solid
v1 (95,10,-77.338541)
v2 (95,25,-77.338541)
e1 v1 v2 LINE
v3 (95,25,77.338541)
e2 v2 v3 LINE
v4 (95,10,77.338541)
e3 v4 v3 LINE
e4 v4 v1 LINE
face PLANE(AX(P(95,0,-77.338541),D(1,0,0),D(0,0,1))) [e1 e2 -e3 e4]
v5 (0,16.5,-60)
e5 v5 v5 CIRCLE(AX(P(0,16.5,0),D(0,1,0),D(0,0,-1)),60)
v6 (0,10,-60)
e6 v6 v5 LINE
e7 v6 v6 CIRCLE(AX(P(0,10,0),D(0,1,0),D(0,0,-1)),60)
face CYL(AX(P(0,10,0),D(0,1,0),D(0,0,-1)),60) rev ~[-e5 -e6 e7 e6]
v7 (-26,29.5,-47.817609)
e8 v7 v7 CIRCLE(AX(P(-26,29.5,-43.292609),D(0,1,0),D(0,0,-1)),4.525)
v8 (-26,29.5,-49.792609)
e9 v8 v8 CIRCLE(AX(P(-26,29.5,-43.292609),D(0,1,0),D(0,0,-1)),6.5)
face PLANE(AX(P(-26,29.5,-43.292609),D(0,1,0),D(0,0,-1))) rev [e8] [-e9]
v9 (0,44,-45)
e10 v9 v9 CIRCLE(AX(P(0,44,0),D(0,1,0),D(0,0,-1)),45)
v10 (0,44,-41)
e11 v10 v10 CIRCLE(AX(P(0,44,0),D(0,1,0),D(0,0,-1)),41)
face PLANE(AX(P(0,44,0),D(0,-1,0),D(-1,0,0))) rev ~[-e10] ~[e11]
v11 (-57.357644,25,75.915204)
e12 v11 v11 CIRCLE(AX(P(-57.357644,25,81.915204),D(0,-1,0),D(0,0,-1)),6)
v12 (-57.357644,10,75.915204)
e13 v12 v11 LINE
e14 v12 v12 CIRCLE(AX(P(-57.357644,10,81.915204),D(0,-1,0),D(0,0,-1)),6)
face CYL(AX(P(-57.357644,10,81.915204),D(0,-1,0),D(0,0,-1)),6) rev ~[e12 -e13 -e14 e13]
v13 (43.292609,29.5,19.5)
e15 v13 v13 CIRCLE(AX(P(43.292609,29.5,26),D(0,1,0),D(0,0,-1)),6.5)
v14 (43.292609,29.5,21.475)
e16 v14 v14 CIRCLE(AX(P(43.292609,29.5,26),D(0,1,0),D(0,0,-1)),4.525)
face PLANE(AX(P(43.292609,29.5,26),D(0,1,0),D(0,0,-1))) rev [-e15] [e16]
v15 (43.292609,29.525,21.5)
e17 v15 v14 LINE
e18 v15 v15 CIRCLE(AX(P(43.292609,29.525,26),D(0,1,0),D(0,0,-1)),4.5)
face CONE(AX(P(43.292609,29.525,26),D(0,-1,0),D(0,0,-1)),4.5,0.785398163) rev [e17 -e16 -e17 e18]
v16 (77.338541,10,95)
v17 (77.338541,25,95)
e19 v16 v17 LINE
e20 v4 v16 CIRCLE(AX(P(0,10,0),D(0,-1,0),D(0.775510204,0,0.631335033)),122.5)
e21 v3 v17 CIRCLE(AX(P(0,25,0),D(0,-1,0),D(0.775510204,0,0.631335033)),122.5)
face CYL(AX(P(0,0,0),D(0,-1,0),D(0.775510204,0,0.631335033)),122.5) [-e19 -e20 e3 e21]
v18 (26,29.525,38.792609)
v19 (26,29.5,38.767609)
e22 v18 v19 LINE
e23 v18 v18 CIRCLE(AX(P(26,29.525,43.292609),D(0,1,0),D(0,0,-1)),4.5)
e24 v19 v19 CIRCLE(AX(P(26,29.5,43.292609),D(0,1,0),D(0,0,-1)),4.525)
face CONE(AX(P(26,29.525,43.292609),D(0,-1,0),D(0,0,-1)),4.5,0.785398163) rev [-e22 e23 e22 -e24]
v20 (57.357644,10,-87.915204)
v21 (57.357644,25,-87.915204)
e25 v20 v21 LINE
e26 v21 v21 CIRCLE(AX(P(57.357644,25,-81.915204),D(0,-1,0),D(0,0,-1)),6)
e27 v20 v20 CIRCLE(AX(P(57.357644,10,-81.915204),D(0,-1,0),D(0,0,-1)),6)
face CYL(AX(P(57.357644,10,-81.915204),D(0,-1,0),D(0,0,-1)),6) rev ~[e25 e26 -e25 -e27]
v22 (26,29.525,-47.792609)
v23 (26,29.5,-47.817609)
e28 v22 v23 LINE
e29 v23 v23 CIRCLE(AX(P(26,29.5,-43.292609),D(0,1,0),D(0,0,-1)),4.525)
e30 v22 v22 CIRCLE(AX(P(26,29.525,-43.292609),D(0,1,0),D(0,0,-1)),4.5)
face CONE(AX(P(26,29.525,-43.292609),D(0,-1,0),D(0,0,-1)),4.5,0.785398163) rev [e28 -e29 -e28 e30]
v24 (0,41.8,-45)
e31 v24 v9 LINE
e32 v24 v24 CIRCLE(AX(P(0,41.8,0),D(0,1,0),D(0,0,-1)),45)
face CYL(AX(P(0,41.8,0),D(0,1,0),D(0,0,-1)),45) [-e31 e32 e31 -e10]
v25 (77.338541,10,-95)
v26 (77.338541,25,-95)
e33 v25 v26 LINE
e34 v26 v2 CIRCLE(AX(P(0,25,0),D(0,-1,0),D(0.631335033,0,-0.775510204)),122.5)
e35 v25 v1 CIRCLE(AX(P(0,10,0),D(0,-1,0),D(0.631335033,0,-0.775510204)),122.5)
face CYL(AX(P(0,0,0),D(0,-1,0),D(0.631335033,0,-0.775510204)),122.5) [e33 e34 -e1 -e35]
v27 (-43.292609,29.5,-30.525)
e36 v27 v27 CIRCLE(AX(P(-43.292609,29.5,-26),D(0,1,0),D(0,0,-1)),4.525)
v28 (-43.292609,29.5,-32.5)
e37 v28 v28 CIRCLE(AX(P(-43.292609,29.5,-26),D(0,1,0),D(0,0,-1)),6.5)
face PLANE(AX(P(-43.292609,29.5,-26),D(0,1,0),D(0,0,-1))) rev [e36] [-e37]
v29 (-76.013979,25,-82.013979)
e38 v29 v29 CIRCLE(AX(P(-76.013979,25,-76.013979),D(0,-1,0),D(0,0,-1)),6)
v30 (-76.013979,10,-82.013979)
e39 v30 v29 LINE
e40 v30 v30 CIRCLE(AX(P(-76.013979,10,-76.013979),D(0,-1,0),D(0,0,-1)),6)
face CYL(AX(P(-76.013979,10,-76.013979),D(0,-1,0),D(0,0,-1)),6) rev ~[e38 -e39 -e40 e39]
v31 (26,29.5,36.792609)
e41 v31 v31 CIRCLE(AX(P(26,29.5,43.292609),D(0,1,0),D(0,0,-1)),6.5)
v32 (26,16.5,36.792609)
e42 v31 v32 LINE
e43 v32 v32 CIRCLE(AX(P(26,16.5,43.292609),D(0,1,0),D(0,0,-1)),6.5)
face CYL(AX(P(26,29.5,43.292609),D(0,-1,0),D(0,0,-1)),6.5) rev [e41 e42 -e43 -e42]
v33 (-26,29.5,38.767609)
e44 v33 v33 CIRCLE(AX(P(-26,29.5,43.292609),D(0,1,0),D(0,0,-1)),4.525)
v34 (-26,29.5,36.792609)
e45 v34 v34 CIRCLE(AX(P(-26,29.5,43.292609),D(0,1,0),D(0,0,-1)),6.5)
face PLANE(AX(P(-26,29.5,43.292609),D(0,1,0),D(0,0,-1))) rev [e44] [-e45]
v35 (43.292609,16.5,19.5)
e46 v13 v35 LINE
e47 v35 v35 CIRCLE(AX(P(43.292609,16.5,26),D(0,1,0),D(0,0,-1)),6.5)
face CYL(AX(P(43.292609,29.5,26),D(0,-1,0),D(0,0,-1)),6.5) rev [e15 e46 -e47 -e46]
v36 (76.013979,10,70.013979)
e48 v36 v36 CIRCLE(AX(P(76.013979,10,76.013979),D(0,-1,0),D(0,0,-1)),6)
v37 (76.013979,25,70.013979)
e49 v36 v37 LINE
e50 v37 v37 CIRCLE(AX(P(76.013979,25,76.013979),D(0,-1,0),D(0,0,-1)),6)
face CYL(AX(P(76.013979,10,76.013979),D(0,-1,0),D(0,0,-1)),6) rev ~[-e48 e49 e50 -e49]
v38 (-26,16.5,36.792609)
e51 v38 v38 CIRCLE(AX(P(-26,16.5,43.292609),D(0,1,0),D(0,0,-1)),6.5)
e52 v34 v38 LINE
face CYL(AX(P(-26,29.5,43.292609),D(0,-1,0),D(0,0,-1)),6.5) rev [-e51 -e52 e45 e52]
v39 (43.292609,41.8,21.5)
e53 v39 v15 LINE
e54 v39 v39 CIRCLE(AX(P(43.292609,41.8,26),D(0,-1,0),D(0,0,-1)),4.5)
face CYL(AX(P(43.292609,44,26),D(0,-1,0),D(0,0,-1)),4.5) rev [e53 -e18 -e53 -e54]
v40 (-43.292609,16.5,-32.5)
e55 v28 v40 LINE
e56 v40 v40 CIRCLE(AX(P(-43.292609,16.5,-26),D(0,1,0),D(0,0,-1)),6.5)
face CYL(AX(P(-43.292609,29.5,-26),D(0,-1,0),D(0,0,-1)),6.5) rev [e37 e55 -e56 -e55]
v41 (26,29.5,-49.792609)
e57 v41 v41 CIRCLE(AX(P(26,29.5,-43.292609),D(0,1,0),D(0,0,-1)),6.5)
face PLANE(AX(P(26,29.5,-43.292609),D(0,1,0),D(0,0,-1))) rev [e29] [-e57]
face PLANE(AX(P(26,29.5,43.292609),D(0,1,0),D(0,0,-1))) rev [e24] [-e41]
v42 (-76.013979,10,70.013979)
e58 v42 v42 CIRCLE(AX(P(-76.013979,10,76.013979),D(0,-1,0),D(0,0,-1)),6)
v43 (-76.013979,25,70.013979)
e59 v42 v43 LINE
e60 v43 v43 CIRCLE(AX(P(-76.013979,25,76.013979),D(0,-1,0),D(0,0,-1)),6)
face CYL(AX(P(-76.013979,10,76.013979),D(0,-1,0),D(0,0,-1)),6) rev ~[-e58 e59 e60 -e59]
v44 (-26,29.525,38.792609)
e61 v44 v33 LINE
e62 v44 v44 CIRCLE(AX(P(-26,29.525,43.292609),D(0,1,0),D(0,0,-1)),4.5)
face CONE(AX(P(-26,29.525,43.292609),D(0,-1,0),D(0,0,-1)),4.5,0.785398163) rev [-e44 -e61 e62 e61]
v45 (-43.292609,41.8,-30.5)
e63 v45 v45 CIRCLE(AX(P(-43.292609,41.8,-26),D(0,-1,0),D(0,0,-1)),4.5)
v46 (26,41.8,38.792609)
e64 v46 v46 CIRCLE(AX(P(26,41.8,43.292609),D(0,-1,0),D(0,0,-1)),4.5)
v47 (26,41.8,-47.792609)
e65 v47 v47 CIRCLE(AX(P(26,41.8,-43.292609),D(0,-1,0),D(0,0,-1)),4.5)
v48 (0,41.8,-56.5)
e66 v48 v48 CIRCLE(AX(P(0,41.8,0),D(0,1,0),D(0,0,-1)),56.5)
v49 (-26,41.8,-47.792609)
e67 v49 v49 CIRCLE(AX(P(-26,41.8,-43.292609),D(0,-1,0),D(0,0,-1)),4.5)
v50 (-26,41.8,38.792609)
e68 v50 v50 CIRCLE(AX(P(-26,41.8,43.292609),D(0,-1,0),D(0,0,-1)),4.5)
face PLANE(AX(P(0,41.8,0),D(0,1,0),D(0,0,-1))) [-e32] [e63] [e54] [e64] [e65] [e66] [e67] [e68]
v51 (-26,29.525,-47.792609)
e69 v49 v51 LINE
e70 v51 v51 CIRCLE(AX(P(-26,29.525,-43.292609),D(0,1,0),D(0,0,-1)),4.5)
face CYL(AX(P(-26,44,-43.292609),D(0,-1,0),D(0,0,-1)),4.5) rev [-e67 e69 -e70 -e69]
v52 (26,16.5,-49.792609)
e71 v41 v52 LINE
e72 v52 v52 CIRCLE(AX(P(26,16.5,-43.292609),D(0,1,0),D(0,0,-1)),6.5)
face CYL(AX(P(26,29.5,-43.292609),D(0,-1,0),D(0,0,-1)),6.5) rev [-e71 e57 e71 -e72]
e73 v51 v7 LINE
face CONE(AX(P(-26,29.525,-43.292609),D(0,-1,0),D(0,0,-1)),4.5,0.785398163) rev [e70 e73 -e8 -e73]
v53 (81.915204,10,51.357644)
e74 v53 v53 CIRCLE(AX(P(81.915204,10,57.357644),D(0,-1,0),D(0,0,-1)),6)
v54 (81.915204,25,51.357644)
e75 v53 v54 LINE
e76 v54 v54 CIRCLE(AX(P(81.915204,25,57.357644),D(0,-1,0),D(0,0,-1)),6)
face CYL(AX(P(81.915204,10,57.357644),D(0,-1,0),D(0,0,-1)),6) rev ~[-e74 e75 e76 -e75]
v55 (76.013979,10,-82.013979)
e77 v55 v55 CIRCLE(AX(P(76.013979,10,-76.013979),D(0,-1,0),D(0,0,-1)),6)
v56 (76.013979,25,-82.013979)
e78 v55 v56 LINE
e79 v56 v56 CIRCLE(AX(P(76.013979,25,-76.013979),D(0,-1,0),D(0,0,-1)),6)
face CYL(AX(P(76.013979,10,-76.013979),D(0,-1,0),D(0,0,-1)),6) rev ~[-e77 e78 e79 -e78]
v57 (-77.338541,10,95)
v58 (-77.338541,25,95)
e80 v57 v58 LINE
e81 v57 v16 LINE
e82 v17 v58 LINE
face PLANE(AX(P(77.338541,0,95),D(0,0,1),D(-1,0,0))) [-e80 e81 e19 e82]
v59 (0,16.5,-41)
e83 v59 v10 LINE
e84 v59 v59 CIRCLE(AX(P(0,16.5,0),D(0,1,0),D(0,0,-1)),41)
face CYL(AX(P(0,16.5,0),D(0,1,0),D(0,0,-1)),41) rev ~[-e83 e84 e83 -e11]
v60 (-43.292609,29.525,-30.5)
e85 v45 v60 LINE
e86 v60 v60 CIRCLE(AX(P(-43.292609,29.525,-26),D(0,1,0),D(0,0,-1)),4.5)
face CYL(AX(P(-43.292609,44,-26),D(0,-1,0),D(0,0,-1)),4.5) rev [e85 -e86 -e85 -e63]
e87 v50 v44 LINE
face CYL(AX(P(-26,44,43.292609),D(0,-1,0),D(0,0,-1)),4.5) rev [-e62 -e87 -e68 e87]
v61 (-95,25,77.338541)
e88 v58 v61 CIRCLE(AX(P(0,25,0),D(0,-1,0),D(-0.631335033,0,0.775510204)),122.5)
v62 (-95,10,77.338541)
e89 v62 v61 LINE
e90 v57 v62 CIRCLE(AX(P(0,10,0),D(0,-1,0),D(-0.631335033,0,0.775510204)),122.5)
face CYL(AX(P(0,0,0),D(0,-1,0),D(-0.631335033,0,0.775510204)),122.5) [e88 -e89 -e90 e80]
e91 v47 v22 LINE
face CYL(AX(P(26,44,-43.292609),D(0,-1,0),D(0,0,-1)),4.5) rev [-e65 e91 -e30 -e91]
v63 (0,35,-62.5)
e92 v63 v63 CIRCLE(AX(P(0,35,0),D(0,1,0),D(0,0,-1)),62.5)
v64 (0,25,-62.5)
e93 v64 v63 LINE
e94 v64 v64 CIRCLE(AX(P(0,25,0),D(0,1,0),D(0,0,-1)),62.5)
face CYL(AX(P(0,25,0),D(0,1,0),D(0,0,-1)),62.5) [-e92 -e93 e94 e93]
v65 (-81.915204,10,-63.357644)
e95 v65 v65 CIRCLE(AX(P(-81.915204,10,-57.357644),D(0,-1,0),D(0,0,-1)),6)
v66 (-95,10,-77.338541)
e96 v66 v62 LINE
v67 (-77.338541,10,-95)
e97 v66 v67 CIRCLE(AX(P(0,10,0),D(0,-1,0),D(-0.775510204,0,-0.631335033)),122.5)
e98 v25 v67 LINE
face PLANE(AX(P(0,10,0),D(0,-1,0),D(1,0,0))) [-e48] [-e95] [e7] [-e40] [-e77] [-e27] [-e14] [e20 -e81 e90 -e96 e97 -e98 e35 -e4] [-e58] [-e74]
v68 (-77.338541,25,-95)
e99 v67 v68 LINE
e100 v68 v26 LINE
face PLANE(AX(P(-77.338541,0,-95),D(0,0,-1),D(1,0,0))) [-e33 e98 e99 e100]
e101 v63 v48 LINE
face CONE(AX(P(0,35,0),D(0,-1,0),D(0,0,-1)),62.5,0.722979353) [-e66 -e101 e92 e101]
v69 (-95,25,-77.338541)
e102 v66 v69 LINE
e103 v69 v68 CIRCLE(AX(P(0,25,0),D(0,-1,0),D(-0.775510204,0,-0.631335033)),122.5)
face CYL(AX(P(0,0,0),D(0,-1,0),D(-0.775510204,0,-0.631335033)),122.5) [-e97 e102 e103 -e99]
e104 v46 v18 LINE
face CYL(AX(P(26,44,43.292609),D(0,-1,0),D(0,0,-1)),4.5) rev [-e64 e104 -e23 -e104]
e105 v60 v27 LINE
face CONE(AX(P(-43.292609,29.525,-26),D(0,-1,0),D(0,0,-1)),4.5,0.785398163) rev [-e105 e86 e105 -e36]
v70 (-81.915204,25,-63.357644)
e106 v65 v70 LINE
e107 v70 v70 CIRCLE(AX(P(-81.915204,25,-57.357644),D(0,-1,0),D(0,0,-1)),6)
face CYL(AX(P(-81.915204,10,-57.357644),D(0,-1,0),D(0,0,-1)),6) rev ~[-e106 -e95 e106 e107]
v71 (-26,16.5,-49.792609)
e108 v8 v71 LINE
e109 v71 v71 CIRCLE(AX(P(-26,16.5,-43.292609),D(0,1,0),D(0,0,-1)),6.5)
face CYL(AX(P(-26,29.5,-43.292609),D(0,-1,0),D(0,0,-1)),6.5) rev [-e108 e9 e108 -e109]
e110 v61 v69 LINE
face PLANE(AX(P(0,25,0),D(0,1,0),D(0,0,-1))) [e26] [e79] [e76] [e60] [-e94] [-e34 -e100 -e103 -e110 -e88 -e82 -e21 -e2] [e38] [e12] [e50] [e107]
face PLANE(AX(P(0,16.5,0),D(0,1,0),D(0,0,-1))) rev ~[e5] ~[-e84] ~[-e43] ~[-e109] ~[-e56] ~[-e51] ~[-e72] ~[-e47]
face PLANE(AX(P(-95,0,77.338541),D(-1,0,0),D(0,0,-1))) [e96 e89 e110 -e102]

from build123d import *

# Parameters (mm, degrees)
BOSS_EXTRUDE1_DEPTH                    = 44
CBORE_FOR_M8_HEX_HEAD_BOLT1_AT_2_COUNT = 2
CBORE_FOR_M8_HEX_HEAD_BOLT1_AT_2_PITCH = 52
CBORE_FOR_M8_HEX_HEAD_BOLT1_AT_3_COUNT = 2
CBORE_FOR_M8_HEX_HEAD_BOLT1_AT_3_PITCH = 71.4177849
CBORE_FOR_M8_HEX_HEAD_BOLT1_AT_4_COUNT = 2
CBORE_FOR_M8_HEX_HEAD_BOLT1_AT_4_PITCH = 101
CBORE_FOR_M8_HEX_HEAD_BOLT1_AT_5_COUNT = 2
CBORE_FOR_M8_HEX_HEAD_BOLT1_AT_5_PITCH = 86.585218138
CBORE_FOR_M8_HEX_HEAD_BOLT1_AT_6_COUNT = 2
CBORE_FOR_M8_HEX_HEAD_BOLT1_AT_6_PITCH = 71.4177849
SKETCH9_W                              = 236.92276851
SKETCH9_H                              = 228.212372608
CUT_EXTRUDE1_DEPTH                     = 10
SKETCH8_R                              = 6
CUT_EXTRUDE2_DEPTH                     = 139.585713549


with BuildPart() as part:
    # Sketch1 → Boss-Extrude1 (new body)
    with BuildSketch(Plane(origin=(0, 0, 0), x_dir=(1, 0, 0), z_dir=(0, 1, 0))):
        with BuildLine():
            Line((77.338541491, -95), (-77.338541491, -95))
            ThreePointArc((-77.338541491, -95), (-86.620580695, -86.620580695), (-95, -77.338541491))
            Line((-95, -77.338541491), (-95, 77.338541491))
            ThreePointArc((-95, 77.338541491), (-86.620580695, 86.620580695), (-77.338541491, 95))
            Line((-77.338541491, 95), (77.338541491, 95))
            ThreePointArc((77.338541491, 95), (86.620580695, 86.620580695), (95, 77.338541491))
            Line((95, 77.338541491), (95, -77.338541491))
            ThreePointArc((95, -77.338541491), (86.620580695, -86.620580695), (77.338541491, -95))
        make_face()
    extrude(amount=BOSS_EXTRUDE1_DEPTH)

    # Sketch2 → Cut-Revolve3 (revolve, cut)
    with BuildSketch(Plane(origin=(0, 0, 0), x_dir=(0, 0, -1), z_dir=(1, 0, 0))):
        Polygon((90, 0), (90, 10), (60, 10), (60, 16.5), (41, 16.5), (41, 44), (0, 44), (0, 0), align=None)
    revolve(axis=Axis((0, 0, 0), (0, 1, 0)), mode=Mode.SUBTRACT)

    # Sketch3 → Cut-Revolve6 (revolve, cut)
    with BuildSketch(Plane(origin=(0, 0, 0), x_dir=(0, 0, -1), z_dir=(1, 0, 0))):
        Polygon((132.5, 25), (62.5, 25), (62.5, 35), (56.5, 41.8), (45, 41.8), (45, 44), (132.5, 44), align=None)
    revolve(axis=Axis((0, 0, 0), (0, 1, 0)), mode=Mode.SUBTRACT)

    # Sketch7 → CBORE for M8 Hex Head Bolt1 (revolve, cut)
    with BuildSketch(Plane(origin=(26, 16.5, -43.292609069), x_dir=(0, 0, -1), z_dir=(1, 0, 0))):
        Polygon((0, 0), (0, 27.5), (4.5, 27.5), (4.5, 13.025), (4.525, 13), (6.5, 13), (6.5, 0), align=None)
    cbore_for_m8_hex_head_bolt1 = revolve(axis=Axis((26, 10.15, -43.292609069), (0, 1, 0)), mode=Mode.SUBTRACT)

    # CBORE for M8 Hex Head Bolt1 at 2: CBORE for M8 Hex Head Bolt1 ×2
    with Locations(*[(-i * CBORE_FOR_M8_HEX_HEAD_BOLT1_AT_2_PITCH, 0, 0) for i in range(1, CBORE_FOR_M8_HEX_HEAD_BOLT1_AT_2_COUNT)]):
        add(cbore_for_m8_hex_head_bolt1, mode=Mode.SUBTRACT)

    # CBORE for M8 Hex Head Bolt1 at 3: CBORE for M8 Hex Head Bolt1 ×2
    with Locations(*[Vector(-0.9702430447284767, 0, 0.24213309182351622) * (i * CBORE_FOR_M8_HEX_HEAD_BOLT1_AT_3_PITCH) for i in range(1, CBORE_FOR_M8_HEX_HEAD_BOLT1_AT_3_COUNT)]):
        add(cbore_for_m8_hex_head_bolt1, mode=Mode.SUBTRACT)

    # CBORE for M8 Hex Head Bolt1 at 4: CBORE for M8 Hex Head Bolt1 ×2
    with Locations(*[Vector(-0.514851485148515, 0, 0.8572793875046621) * (i * CBORE_FOR_M8_HEX_HEAD_BOLT1_AT_4_PITCH) for i in range(1, CBORE_FOR_M8_HEX_HEAD_BOLT1_AT_4_COUNT)]):
        add(cbore_for_m8_hex_head_bolt1, mode=Mode.SUBTRACT)

    # CBORE for M8 Hex Head Bolt1 at 5: CBORE for M8 Hex Head Bolt1 ×2
    with Locations(*[(0, 0, i * CBORE_FOR_M8_HEX_HEAD_BOLT1_AT_5_PITCH) for i in range(1, CBORE_FOR_M8_HEX_HEAD_BOLT1_AT_5_COUNT)]):
        add(cbore_for_m8_hex_head_bolt1, mode=Mode.SUBTRACT)

    # CBORE for M8 Hex Head Bolt1 at 6: CBORE for M8 Hex Head Bolt1 ×2
    with Locations(*[Vector(0.24213309182351628, 0, 0.9702430447284767) * (i * CBORE_FOR_M8_HEX_HEAD_BOLT1_AT_6_PITCH) for i in range(1, CBORE_FOR_M8_HEX_HEAD_BOLT1_AT_6_COUNT)]):
        add(cbore_for_m8_hex_head_bolt1, mode=Mode.SUBTRACT)

    # Sketch9 → Cut-Extrude1 (cut)
    with BuildSketch(Plane.XZ.offset(-10)):
        Rectangle(SKETCH9_W, SKETCH9_H)
    extrude(amount=CUT_EXTRUDE1_DEPTH, mode=Mode.SUBTRACT)

    # Sketch8 → Cut-Extrude2 (cut, through all)
    with BuildSketch(Plane.XZ.offset(-10)):
        with Locations(Location((76.013978978, 76.013978978, 0), (0, 0, 270))):
            Circle(SKETCH8_R)
        with Locations(Location((81.915204429, 57.357643635, 0), (0, 0, 270))):
            Circle(SKETCH8_R)
        with Locations(Location((76.013978978, -76.013978978, 0), (0, 0, 270))):
            Circle(SKETCH8_R)
        with Locations(Location((57.357643635, -81.915204429, 0), (0, 0, 270))):
            Circle(SKETCH8_R)
        with Locations(Location((-76.013978978, -76.013978978, 0), (0, 0, 270))):
            Circle(SKETCH8_R)
        with Locations(Location((-81.915204429, -57.357643635, 0), (0, 0, 270))):
            Circle(SKETCH8_R)
        with Locations(Location((-76.013978978, 76.013978978, 0), (0, 0, 270))):
            Circle(SKETCH8_R)
        with Locations(Location((-57.357643635, 81.915204429, 0), (0, 0, 270))):
            Circle(SKETCH8_R)
    extrude(amount=-CUT_EXTRUDE2_DEPTH, mode=Mode.SUBTRACT)


solid = part.part
